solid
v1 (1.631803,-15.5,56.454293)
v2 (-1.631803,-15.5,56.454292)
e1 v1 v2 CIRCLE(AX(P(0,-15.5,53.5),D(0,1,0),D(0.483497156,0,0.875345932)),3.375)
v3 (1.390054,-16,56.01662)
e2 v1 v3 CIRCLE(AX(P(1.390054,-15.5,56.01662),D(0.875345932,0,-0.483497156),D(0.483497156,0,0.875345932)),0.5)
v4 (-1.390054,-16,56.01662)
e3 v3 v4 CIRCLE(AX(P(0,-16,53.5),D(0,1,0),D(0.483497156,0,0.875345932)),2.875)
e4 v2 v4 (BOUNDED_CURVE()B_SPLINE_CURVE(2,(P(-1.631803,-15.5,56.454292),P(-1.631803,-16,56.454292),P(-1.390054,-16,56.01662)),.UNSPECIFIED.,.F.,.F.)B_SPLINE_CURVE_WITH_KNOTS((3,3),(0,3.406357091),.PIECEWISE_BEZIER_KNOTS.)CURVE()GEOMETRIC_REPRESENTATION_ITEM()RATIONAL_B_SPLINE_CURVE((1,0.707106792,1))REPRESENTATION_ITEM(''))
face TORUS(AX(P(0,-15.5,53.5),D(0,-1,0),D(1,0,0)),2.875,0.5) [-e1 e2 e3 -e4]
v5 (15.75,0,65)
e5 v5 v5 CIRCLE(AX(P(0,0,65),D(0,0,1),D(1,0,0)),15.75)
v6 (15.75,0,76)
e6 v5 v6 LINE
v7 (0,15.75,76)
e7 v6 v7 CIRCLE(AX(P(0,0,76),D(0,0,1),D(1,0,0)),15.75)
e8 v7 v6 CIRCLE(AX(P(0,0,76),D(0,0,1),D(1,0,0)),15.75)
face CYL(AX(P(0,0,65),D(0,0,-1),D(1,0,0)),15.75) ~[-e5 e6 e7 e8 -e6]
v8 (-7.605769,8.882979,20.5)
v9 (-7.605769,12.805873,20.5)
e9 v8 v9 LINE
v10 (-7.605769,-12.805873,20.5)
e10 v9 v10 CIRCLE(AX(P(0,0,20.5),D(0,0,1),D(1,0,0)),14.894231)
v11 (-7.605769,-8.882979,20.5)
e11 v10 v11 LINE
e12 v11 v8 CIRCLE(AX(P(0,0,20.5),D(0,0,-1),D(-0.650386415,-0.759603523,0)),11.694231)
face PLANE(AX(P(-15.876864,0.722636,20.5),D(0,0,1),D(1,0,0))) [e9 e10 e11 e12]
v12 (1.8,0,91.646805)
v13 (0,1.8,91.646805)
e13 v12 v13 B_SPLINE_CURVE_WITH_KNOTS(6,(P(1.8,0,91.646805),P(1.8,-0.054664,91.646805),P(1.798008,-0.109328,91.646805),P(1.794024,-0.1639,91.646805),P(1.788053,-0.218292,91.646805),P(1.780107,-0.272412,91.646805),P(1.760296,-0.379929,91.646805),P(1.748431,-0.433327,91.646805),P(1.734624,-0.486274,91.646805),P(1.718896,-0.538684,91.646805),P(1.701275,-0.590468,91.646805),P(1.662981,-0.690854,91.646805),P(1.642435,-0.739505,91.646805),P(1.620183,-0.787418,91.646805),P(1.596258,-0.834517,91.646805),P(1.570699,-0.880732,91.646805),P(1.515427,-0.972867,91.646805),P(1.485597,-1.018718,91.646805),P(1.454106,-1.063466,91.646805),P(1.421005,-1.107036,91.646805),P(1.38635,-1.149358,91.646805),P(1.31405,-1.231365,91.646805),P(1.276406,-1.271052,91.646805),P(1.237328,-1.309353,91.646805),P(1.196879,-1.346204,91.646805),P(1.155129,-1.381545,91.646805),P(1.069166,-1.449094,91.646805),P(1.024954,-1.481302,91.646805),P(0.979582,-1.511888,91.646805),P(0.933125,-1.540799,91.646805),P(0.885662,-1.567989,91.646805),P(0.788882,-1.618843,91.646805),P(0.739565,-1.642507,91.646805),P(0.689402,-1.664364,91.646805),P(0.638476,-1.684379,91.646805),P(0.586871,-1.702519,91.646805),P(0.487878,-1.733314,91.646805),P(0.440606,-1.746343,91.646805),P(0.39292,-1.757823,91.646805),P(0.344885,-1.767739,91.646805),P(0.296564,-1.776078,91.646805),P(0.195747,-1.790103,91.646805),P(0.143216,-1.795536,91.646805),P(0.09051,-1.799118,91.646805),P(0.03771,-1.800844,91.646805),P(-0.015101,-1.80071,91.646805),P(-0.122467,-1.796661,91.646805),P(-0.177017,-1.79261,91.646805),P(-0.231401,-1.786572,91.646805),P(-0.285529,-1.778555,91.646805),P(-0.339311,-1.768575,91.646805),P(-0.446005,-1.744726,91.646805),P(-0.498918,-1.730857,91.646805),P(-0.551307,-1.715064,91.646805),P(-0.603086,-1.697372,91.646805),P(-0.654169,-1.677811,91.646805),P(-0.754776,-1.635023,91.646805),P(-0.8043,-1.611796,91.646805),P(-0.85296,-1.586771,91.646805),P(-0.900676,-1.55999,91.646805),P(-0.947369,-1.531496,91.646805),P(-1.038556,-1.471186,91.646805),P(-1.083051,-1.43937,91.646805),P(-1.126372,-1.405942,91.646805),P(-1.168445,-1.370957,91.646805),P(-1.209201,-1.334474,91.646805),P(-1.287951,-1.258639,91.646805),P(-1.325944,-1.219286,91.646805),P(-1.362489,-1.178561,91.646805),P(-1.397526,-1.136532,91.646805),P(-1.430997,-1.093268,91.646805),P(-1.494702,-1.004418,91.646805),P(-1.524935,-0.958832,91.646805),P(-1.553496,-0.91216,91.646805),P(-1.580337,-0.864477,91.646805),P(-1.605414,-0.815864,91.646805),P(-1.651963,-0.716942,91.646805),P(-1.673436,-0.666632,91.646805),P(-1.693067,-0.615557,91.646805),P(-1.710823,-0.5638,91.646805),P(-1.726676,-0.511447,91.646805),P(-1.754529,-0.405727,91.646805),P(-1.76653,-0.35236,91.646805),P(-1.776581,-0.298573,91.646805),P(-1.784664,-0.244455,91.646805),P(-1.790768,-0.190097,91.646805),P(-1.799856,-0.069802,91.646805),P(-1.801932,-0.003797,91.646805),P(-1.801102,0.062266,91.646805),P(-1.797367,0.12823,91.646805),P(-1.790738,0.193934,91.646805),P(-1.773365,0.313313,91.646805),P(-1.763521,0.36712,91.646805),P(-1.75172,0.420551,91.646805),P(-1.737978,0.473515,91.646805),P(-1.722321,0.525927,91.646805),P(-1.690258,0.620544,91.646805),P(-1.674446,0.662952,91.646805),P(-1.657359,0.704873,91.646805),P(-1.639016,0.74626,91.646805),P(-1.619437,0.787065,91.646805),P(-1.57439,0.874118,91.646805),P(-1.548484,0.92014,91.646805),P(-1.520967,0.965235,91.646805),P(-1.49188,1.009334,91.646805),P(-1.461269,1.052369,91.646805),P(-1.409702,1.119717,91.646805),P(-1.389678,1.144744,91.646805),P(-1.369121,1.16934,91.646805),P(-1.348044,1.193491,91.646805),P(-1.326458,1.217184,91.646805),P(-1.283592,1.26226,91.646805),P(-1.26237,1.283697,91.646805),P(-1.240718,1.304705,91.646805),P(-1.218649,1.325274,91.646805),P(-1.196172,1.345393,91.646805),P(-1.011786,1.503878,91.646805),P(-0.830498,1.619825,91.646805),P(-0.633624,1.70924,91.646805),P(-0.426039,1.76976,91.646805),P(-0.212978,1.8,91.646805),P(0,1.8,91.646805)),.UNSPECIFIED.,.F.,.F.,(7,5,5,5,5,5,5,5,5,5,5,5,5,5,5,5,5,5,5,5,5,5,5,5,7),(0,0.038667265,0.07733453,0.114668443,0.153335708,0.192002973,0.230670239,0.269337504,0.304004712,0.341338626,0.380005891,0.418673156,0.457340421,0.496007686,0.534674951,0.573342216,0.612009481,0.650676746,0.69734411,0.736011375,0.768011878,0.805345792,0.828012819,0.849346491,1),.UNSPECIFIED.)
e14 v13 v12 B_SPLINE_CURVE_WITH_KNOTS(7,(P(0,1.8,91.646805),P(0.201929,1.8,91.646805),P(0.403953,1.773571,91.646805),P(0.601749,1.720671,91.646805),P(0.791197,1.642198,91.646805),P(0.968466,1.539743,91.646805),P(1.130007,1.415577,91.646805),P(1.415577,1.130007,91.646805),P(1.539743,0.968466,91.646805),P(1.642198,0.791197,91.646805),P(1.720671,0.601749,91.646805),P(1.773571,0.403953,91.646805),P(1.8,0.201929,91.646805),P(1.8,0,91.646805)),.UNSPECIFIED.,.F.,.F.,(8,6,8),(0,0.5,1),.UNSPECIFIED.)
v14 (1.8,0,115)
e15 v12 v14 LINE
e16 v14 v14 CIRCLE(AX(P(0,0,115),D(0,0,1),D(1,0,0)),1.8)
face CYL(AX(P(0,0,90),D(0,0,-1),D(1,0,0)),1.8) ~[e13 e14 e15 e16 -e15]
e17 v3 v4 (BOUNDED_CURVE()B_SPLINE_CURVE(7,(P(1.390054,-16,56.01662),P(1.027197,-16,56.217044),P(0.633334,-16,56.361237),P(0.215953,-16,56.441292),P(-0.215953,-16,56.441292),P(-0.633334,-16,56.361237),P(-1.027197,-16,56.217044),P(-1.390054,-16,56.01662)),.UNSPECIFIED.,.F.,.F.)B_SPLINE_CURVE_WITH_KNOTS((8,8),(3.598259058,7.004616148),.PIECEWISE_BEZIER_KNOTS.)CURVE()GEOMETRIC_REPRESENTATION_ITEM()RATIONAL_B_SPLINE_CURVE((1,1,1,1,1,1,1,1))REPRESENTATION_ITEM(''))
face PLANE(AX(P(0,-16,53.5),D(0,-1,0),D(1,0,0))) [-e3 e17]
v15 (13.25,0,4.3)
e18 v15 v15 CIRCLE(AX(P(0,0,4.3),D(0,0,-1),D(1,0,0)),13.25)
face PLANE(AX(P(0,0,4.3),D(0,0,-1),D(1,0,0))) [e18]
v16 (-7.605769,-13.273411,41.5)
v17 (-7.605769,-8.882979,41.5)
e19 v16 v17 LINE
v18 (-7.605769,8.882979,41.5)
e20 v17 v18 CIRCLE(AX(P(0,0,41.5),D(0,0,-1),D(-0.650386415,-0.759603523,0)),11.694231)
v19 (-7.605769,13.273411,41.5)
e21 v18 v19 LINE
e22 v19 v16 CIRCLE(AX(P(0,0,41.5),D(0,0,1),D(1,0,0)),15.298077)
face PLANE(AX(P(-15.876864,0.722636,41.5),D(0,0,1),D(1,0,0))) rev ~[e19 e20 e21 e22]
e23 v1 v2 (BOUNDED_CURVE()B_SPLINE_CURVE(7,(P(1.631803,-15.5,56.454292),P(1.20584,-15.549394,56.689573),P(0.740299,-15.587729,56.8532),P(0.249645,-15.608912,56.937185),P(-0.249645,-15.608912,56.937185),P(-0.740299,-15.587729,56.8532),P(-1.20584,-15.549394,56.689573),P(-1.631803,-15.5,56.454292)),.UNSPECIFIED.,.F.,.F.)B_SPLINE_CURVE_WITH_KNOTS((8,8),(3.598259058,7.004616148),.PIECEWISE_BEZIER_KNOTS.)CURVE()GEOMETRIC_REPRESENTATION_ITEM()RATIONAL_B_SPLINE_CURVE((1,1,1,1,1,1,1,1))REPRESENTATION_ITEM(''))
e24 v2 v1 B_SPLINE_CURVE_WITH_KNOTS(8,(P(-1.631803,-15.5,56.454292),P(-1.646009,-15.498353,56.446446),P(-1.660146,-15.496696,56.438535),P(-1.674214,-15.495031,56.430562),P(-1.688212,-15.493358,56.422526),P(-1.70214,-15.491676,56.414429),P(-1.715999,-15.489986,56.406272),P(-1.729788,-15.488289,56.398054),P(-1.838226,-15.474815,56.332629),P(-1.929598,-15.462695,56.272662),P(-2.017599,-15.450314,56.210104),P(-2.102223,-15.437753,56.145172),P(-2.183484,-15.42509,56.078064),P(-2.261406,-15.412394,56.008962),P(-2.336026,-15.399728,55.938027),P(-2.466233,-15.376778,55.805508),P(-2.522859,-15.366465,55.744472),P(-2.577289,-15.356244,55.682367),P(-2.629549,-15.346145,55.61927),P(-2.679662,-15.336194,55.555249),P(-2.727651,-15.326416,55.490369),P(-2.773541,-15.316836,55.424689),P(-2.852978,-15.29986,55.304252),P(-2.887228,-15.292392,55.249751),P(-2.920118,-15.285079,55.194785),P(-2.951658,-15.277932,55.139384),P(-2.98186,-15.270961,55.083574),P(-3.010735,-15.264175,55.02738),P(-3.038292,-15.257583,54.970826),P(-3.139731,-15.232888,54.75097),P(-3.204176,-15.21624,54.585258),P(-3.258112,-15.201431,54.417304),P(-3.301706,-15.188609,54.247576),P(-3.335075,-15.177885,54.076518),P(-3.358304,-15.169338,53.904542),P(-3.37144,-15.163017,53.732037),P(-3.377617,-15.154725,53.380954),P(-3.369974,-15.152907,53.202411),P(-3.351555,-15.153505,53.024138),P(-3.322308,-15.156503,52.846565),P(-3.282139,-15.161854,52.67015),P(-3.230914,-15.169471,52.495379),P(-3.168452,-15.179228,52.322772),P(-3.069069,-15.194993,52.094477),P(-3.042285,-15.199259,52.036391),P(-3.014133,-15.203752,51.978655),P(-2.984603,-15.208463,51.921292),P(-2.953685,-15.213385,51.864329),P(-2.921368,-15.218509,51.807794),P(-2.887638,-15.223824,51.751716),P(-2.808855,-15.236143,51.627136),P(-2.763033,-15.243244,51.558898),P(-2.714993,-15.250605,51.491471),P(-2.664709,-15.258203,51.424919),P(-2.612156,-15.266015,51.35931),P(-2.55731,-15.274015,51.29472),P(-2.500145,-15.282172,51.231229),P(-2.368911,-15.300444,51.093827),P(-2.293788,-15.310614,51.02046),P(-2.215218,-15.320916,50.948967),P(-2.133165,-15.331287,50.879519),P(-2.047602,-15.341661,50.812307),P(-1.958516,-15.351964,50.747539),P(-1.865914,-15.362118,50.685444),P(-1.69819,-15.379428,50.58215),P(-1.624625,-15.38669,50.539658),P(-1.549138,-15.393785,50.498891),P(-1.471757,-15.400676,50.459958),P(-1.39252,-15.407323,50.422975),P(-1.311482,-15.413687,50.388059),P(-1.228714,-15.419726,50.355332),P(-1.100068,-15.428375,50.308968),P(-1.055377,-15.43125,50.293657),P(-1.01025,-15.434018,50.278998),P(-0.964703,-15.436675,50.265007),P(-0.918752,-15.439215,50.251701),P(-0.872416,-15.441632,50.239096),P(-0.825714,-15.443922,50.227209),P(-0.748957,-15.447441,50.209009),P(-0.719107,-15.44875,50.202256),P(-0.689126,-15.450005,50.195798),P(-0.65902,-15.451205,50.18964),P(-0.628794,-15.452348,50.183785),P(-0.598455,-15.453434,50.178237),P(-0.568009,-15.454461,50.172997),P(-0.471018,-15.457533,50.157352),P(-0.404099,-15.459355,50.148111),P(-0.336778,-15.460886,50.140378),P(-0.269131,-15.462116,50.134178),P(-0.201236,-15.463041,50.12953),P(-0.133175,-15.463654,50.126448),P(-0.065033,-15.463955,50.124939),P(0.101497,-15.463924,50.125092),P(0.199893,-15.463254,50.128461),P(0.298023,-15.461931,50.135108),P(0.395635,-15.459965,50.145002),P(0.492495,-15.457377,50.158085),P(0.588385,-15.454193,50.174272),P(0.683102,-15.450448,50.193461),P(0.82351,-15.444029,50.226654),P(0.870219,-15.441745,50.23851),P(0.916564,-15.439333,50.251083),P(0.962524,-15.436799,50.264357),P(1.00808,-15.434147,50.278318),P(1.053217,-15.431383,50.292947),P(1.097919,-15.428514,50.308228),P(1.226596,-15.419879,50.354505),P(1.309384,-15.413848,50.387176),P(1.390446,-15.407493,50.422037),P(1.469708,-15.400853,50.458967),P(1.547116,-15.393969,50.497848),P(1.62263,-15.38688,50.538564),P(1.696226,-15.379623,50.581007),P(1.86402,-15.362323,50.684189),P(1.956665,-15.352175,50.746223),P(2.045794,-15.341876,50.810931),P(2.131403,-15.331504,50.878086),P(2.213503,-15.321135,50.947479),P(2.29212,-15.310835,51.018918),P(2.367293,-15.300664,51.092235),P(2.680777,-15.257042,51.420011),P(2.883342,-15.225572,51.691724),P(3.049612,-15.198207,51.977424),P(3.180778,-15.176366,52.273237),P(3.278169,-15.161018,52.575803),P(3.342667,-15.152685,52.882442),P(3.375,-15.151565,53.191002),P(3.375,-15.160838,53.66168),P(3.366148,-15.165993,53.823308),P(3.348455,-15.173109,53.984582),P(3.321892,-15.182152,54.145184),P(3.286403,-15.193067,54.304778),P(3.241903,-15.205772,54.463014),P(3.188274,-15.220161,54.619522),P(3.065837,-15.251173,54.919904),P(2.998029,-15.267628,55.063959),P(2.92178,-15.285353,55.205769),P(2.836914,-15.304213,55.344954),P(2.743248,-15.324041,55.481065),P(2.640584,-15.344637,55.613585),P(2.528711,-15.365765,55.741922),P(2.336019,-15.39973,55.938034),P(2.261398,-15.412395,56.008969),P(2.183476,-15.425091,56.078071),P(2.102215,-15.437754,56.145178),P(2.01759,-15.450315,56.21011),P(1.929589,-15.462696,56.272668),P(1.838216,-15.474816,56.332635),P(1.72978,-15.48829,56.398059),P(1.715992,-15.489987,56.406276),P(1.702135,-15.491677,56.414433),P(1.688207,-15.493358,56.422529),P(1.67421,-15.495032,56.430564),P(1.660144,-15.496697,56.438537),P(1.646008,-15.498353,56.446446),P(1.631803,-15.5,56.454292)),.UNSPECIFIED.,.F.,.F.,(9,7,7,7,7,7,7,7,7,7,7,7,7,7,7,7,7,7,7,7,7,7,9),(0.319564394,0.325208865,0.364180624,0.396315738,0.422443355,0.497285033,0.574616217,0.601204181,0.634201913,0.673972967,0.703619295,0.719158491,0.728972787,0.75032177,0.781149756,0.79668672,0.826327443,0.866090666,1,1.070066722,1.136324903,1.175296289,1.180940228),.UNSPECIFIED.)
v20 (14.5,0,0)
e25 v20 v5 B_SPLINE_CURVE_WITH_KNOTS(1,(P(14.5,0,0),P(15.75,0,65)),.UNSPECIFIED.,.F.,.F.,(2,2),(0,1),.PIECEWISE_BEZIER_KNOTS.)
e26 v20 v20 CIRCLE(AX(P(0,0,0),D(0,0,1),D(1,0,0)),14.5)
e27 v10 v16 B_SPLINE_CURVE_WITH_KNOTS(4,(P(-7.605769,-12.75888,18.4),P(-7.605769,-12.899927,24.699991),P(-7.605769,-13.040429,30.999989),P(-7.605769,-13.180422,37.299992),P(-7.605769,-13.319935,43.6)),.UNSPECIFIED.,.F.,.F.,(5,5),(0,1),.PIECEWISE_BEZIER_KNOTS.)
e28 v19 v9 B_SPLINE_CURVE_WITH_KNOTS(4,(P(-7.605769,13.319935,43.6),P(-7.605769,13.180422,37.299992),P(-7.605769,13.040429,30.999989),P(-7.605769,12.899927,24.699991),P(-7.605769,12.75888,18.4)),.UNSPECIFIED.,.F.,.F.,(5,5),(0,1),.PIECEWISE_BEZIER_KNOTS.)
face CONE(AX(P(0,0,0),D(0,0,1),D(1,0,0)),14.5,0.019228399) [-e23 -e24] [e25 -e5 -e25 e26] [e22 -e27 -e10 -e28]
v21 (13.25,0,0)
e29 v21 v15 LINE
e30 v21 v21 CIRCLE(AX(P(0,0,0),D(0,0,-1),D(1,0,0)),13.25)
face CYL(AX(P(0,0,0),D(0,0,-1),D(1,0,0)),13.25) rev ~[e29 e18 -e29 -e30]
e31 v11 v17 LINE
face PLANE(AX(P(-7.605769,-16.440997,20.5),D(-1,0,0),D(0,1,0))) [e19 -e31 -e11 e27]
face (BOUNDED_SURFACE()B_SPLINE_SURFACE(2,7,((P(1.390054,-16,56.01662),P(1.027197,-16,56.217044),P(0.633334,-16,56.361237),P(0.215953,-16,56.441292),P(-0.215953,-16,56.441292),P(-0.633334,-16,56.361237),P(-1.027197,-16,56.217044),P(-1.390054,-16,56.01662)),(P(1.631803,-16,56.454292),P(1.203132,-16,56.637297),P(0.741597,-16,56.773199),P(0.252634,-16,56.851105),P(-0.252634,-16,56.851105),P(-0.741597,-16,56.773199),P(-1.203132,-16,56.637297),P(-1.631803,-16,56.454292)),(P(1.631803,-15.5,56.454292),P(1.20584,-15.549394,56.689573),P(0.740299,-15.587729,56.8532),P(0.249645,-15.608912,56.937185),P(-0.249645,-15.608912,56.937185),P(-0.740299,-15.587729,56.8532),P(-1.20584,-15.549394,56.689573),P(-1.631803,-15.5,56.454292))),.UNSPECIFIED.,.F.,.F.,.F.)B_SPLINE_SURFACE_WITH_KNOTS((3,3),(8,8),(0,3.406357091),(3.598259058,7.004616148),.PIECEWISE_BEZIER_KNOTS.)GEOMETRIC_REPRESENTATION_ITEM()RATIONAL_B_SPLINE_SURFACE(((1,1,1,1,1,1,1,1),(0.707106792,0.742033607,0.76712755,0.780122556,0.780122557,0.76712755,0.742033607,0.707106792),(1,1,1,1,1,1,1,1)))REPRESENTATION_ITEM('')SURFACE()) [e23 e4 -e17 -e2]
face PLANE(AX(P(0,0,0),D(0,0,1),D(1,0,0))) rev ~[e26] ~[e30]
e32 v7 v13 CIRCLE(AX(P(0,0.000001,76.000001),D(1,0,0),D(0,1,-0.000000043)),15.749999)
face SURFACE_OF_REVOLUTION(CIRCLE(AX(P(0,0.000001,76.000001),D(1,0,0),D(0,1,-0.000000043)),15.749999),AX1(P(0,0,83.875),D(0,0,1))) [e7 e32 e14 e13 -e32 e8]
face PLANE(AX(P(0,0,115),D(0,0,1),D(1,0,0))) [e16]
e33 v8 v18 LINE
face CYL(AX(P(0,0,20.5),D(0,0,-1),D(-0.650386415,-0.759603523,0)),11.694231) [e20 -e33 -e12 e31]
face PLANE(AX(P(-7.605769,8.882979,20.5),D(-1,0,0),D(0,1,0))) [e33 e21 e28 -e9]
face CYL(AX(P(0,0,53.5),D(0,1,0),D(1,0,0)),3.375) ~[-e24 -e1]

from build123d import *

# Parameters (mm, degrees)
F0_R      = 14.5
F2_R      = 15.75
F4_R      = 13.25
F5_DEPTH  = 4.3
F8_DEPTH  = 21
F9_R      = 3.375
F10_DEPTH = 16
F11_R     = 0.5
F12_R     = 15.75
F13_DEPTH = 11
F17_R     = 1.8
F18_DEPTH = 25


with BuildPart() as f3:
    # F0 (on Top) → F3 section 0
    with BuildSketch(Plane.XY):
        Circle(F0_R)
    # F2 (on offset) → F3 section 1
    with BuildSketch(Plane.XY.offset(65)):
        Circle(F2_R)
    loft()

    # F4 (on face) → F5 (cut)
    with BuildSketch(Plane(origin=(0, 0, 0), x_dir=(1, 0, 0), z_dir=(0, 0, -1))):
        Circle(F4_R)
    extrude(amount=-F5_DEPTH, mode=Mode.SUBTRACT)

    # F7 (on offset) → F8 (cut)
    with BuildSketch(Plane.XY.offset(20.5)):
        with BuildLine():
            Line((-7.605769, -16.440997), (-7.605769, -12.805873))
            Line((-7.605769, -12.805873), (-7.605769, -8.882979))
            ThreePointArc((-7.605769, -8.882979), (-11.694231, 0), (-7.605769, 8.882979))
            Line((-7.605769, 8.882979), (-7.605769, 12.805873))
            Line((-7.605769, 12.805873), (-7.605769, 17.916933))
            Line((-7.605769, 17.916933), (-23.547225, 17.916933))
            Line((-23.547225, 17.916933), (-23.547225, -16.440997))
            Line((-23.547225, -16.440997), (-7.605769, -16.440997))
        make_face()
    extrude(amount=F8_DEPTH, mode=Mode.SUBTRACT)

    # F9 (on Front) → F10 (join)
    with BuildSketch(Plane.XZ):
        with Locations((0, 53.5)):
            Circle(F9_R)
    extrude(amount=F10_DEPTH)

    # F11
    f11_edges = [f3.edges().sort_by_distance(p)[0] for p in [
        (-3.375, -16, 53.5),
    ]]
    fillet(f11_edges, radius=F11_R)

    # F12 (on face) → F13 (join)
    with BuildSketch(Plane.XY.offset(65)):
        Circle(F12_R)
    extrude(amount=F13_DEPTH)

    # F14 (on Right) → F15 (revolve)
    with BuildSketch(Plane.YZ):
        with BuildLine():
            Line((0, 76), (15.75, 76))
            ThreePointArc((15.75, 76), (11.136932, 87.136932), (0, 91.75))
            Line((0, 91.75), (0, 76))
        make_face()
    revolve(axis=Axis((0, 0, 83.875), (0, 0, 1)))

    # F17 (on offset) → F18 (join)
    with BuildSketch(Plane.XY.offset(90)):
        Circle(F17_R)
    extrude(amount=F18_DEPTH)


solid = f3.part
